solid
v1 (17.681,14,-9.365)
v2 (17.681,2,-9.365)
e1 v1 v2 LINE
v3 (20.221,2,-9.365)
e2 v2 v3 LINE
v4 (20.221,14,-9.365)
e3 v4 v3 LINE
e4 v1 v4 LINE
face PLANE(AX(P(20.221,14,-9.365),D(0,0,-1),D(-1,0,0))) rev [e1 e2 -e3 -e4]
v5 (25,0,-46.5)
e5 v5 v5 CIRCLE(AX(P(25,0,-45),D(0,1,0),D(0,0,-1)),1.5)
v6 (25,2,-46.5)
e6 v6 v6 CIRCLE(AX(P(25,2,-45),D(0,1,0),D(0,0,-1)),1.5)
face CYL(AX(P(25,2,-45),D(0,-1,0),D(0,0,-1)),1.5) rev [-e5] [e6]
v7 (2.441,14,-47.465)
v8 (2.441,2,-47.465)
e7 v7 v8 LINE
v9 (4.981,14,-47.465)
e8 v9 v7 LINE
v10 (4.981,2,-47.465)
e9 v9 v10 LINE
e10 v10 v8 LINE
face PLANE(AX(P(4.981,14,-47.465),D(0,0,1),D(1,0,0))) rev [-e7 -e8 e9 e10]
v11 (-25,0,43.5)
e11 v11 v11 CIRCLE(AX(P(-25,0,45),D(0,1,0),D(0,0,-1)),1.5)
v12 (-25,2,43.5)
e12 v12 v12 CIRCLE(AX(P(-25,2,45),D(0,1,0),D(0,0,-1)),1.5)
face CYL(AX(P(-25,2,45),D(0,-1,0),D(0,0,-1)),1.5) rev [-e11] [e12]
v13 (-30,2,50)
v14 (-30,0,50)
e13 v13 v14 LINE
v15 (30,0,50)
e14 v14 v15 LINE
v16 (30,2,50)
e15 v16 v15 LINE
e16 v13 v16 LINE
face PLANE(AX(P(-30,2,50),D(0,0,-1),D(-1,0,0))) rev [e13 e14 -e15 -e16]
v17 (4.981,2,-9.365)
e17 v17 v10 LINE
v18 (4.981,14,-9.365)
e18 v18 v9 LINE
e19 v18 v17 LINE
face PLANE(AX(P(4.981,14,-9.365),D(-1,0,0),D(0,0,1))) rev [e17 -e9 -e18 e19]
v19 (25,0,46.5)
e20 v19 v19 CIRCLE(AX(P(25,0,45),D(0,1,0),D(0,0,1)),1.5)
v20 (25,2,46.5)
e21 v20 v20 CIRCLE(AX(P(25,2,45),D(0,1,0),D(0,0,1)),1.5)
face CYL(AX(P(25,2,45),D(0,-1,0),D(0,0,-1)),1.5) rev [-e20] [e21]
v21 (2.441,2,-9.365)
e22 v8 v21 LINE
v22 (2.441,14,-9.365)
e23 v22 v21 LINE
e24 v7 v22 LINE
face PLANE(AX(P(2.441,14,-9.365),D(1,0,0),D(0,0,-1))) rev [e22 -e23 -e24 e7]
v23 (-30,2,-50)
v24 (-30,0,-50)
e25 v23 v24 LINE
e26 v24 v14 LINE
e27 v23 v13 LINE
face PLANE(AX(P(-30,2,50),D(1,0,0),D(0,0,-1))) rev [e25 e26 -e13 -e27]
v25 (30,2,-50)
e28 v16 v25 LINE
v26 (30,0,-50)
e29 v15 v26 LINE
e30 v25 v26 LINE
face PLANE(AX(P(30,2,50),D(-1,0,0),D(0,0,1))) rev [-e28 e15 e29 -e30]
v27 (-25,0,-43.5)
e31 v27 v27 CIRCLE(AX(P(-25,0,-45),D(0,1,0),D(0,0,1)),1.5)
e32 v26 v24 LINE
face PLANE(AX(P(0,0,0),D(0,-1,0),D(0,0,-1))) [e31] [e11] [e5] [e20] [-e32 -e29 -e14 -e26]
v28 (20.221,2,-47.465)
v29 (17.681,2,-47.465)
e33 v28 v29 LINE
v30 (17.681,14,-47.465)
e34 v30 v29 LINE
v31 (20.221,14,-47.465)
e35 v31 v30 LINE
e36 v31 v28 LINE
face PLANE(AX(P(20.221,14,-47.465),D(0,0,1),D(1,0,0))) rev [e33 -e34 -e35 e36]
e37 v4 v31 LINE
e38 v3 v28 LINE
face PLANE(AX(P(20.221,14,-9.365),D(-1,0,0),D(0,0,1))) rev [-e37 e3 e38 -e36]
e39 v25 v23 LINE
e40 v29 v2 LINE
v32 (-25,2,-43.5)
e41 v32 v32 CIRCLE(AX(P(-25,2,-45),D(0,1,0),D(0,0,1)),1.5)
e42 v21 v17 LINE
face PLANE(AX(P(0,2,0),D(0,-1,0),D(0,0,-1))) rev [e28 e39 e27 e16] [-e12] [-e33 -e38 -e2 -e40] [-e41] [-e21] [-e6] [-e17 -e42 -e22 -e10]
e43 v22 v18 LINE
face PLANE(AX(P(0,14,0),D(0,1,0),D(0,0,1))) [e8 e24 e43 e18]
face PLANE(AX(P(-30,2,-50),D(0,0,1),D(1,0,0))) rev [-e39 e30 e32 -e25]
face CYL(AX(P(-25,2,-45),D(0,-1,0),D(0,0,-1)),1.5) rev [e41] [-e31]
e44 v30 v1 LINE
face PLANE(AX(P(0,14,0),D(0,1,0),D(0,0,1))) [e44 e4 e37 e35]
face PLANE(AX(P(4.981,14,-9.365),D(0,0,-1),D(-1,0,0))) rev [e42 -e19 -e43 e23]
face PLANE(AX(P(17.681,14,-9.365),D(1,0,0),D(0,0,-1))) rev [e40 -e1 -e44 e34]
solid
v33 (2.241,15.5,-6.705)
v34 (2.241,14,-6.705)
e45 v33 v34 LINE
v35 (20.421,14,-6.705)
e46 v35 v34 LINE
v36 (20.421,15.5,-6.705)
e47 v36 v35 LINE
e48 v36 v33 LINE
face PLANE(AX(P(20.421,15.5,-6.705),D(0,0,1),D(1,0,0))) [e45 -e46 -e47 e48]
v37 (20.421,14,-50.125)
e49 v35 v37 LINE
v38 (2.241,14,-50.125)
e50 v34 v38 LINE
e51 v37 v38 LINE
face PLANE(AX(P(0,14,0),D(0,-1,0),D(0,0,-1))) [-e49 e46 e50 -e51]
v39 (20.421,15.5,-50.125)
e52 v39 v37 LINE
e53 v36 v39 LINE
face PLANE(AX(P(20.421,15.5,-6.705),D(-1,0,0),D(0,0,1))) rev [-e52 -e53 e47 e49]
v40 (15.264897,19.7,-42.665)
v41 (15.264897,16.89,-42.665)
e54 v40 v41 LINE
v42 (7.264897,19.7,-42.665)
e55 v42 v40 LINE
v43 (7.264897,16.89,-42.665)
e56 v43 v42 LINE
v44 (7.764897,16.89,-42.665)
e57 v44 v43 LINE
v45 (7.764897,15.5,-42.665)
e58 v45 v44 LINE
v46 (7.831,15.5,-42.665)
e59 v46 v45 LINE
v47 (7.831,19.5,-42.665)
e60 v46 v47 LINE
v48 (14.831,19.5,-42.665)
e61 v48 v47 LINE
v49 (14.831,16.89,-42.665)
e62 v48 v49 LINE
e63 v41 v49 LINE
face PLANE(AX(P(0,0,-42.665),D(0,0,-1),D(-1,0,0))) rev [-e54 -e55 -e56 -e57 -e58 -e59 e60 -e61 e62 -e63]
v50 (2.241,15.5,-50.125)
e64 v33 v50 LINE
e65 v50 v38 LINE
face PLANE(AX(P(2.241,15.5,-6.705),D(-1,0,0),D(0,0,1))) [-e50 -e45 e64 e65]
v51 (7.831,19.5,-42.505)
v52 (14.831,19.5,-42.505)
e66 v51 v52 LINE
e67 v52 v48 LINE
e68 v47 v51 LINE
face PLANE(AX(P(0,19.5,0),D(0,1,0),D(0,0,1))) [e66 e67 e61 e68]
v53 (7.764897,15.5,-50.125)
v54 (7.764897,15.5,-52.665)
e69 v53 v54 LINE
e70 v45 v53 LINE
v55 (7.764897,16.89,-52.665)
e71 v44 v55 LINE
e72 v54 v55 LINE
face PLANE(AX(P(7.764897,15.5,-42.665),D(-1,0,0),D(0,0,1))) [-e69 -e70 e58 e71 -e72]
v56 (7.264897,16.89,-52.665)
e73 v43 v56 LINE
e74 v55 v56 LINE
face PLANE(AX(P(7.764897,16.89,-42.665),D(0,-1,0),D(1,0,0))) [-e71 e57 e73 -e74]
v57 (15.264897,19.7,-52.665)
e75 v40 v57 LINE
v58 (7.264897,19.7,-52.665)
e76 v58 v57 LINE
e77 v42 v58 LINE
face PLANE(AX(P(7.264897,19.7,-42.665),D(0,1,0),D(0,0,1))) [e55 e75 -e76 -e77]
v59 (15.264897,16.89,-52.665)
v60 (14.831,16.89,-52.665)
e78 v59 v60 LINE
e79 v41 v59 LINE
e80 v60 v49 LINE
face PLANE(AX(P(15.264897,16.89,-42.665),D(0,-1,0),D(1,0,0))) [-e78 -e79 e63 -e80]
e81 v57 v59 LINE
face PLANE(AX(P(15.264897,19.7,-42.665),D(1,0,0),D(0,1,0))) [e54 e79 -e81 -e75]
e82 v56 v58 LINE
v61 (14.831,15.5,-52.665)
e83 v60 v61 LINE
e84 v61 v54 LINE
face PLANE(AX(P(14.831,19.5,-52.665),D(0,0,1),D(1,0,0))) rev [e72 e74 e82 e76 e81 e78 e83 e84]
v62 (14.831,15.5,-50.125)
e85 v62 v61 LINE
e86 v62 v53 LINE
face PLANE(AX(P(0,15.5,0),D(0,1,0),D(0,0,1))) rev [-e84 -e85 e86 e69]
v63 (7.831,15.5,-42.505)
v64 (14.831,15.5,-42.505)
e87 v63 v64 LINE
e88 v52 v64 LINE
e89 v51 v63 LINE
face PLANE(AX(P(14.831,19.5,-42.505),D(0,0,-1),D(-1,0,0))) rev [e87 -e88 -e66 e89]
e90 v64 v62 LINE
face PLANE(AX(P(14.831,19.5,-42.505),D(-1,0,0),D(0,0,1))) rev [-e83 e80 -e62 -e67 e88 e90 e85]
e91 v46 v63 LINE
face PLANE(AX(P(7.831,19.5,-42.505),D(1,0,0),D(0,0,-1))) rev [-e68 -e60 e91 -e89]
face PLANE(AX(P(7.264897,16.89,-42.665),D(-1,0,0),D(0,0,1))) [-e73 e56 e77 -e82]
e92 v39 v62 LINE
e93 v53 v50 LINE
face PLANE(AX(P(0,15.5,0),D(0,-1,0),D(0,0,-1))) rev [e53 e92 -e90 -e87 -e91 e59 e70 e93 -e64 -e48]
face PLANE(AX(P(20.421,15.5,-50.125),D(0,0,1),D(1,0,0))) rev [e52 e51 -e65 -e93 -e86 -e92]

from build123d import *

# Parameters (mm, degrees)
CROQUIS1_W              = 60
CROQUIS1_H              = 100
CROQUIS1_R              = 1.5
SALIENTE_EXTRUIR1_DEPTH = 2
CROQUIS2_W              = 2.54
CROQUIS2_H              = 38.1
SALIENTE_EXTRUIR2_DEPTH = 12
CROQUIS3_W              = 18.18
CROQUIS3_H              = 43.42
SALIENTE_EXTRUIR3_DEPTH = 1.5
CROQUIS4_W              = 7
CROQUIS4_H              = 10.16
SALIENTE_EXTRUIR4_DEPTH = 4
SALIENTE_EXTRUIR5_DEPTH = 10


with BuildPart() as part:
    # Croquis1 → Saliente-Extruir1 (new body)
    with BuildSketch(Plane(origin=(0, 0, 0), x_dir=(1, 0, 0), z_dir=(0, 1, 0))):
        Rectangle(CROQUIS1_W, CROQUIS1_H)
        with Locations(Location((-25, 45, 0), (0, 0, 270))):
            Circle(CROQUIS1_R, mode=Mode.SUBTRACT)
        with Locations(Location((25, 45, 0), (0, 0, 90))):
            Circle(CROQUIS1_R, mode=Mode.SUBTRACT)
        with Locations(Location((25, -45, 0), (0, 0, 270))):
            Circle(CROQUIS1_R, mode=Mode.SUBTRACT)
        with Locations(Location((-25, -45, 0), (0, 0, 90))):
            Circle(CROQUIS1_R, mode=Mode.SUBTRACT)
    extrude(amount=SALIENTE_EXTRUIR1_DEPTH)

    # Croquis2 → Saliente-Extruir2 (add)
    with BuildSketch(Plane(origin=(0, 2, 0), x_dir=(1, 0, 0), z_dir=(0, 1, 0))):
        with Locations((3.711, 28.415)):
            Rectangle(CROQUIS2_W, CROQUIS2_H)
        with Locations((18.951, 28.415)):
            Rectangle(CROQUIS2_W, CROQUIS2_H)
    extrude(amount=SALIENTE_EXTRUIR2_DEPTH)


with BuildPart() as body_2:
    # Croquis3 → Saliente-Extruir3 (new body)
    with BuildSketch(Plane(origin=(0, 14, 0), x_dir=(1, 0, 0), z_dir=(0, 1, 0))):
        with Locations((11.331, 28.415)):
            Rectangle(CROQUIS3_W, CROQUIS3_H)
    extrude(amount=SALIENTE_EXTRUIR3_DEPTH)

    # Croquis4 → Saliente-Extruir4 (add)
    with BuildSketch(Plane(origin=(0, 15.5, 0), x_dir=(1, 0, 0), z_dir=(0, 1, 0))):
        with Locations((11.331, 47.585)):
            Rectangle(CROQUIS4_W, CROQUIS4_H)
    extrude(amount=SALIENTE_EXTRUIR4_DEPTH)

    # Croquis5 → Saliente-Extruir5 (add)
    with BuildSketch(Plane(origin=(0, 0, -52.665), x_dir=(-1, 0, 0), z_dir=(0, 0, -1))):
        Polygon((-15.26489693, 16.89), (-14.76489693, 16.89), (-14.76489693, 15.5), (-7.76489693, 15.5), (-7.76489693, 16.89), (-7.26489693, 16.89), (-7.26489693, 19.7), (-15.26489693, 19.7), align=None)
    extrude(amount=-SALIENTE_EXTRUIR5_DEPTH)


solid = Compound([part.part, body_2.part])
